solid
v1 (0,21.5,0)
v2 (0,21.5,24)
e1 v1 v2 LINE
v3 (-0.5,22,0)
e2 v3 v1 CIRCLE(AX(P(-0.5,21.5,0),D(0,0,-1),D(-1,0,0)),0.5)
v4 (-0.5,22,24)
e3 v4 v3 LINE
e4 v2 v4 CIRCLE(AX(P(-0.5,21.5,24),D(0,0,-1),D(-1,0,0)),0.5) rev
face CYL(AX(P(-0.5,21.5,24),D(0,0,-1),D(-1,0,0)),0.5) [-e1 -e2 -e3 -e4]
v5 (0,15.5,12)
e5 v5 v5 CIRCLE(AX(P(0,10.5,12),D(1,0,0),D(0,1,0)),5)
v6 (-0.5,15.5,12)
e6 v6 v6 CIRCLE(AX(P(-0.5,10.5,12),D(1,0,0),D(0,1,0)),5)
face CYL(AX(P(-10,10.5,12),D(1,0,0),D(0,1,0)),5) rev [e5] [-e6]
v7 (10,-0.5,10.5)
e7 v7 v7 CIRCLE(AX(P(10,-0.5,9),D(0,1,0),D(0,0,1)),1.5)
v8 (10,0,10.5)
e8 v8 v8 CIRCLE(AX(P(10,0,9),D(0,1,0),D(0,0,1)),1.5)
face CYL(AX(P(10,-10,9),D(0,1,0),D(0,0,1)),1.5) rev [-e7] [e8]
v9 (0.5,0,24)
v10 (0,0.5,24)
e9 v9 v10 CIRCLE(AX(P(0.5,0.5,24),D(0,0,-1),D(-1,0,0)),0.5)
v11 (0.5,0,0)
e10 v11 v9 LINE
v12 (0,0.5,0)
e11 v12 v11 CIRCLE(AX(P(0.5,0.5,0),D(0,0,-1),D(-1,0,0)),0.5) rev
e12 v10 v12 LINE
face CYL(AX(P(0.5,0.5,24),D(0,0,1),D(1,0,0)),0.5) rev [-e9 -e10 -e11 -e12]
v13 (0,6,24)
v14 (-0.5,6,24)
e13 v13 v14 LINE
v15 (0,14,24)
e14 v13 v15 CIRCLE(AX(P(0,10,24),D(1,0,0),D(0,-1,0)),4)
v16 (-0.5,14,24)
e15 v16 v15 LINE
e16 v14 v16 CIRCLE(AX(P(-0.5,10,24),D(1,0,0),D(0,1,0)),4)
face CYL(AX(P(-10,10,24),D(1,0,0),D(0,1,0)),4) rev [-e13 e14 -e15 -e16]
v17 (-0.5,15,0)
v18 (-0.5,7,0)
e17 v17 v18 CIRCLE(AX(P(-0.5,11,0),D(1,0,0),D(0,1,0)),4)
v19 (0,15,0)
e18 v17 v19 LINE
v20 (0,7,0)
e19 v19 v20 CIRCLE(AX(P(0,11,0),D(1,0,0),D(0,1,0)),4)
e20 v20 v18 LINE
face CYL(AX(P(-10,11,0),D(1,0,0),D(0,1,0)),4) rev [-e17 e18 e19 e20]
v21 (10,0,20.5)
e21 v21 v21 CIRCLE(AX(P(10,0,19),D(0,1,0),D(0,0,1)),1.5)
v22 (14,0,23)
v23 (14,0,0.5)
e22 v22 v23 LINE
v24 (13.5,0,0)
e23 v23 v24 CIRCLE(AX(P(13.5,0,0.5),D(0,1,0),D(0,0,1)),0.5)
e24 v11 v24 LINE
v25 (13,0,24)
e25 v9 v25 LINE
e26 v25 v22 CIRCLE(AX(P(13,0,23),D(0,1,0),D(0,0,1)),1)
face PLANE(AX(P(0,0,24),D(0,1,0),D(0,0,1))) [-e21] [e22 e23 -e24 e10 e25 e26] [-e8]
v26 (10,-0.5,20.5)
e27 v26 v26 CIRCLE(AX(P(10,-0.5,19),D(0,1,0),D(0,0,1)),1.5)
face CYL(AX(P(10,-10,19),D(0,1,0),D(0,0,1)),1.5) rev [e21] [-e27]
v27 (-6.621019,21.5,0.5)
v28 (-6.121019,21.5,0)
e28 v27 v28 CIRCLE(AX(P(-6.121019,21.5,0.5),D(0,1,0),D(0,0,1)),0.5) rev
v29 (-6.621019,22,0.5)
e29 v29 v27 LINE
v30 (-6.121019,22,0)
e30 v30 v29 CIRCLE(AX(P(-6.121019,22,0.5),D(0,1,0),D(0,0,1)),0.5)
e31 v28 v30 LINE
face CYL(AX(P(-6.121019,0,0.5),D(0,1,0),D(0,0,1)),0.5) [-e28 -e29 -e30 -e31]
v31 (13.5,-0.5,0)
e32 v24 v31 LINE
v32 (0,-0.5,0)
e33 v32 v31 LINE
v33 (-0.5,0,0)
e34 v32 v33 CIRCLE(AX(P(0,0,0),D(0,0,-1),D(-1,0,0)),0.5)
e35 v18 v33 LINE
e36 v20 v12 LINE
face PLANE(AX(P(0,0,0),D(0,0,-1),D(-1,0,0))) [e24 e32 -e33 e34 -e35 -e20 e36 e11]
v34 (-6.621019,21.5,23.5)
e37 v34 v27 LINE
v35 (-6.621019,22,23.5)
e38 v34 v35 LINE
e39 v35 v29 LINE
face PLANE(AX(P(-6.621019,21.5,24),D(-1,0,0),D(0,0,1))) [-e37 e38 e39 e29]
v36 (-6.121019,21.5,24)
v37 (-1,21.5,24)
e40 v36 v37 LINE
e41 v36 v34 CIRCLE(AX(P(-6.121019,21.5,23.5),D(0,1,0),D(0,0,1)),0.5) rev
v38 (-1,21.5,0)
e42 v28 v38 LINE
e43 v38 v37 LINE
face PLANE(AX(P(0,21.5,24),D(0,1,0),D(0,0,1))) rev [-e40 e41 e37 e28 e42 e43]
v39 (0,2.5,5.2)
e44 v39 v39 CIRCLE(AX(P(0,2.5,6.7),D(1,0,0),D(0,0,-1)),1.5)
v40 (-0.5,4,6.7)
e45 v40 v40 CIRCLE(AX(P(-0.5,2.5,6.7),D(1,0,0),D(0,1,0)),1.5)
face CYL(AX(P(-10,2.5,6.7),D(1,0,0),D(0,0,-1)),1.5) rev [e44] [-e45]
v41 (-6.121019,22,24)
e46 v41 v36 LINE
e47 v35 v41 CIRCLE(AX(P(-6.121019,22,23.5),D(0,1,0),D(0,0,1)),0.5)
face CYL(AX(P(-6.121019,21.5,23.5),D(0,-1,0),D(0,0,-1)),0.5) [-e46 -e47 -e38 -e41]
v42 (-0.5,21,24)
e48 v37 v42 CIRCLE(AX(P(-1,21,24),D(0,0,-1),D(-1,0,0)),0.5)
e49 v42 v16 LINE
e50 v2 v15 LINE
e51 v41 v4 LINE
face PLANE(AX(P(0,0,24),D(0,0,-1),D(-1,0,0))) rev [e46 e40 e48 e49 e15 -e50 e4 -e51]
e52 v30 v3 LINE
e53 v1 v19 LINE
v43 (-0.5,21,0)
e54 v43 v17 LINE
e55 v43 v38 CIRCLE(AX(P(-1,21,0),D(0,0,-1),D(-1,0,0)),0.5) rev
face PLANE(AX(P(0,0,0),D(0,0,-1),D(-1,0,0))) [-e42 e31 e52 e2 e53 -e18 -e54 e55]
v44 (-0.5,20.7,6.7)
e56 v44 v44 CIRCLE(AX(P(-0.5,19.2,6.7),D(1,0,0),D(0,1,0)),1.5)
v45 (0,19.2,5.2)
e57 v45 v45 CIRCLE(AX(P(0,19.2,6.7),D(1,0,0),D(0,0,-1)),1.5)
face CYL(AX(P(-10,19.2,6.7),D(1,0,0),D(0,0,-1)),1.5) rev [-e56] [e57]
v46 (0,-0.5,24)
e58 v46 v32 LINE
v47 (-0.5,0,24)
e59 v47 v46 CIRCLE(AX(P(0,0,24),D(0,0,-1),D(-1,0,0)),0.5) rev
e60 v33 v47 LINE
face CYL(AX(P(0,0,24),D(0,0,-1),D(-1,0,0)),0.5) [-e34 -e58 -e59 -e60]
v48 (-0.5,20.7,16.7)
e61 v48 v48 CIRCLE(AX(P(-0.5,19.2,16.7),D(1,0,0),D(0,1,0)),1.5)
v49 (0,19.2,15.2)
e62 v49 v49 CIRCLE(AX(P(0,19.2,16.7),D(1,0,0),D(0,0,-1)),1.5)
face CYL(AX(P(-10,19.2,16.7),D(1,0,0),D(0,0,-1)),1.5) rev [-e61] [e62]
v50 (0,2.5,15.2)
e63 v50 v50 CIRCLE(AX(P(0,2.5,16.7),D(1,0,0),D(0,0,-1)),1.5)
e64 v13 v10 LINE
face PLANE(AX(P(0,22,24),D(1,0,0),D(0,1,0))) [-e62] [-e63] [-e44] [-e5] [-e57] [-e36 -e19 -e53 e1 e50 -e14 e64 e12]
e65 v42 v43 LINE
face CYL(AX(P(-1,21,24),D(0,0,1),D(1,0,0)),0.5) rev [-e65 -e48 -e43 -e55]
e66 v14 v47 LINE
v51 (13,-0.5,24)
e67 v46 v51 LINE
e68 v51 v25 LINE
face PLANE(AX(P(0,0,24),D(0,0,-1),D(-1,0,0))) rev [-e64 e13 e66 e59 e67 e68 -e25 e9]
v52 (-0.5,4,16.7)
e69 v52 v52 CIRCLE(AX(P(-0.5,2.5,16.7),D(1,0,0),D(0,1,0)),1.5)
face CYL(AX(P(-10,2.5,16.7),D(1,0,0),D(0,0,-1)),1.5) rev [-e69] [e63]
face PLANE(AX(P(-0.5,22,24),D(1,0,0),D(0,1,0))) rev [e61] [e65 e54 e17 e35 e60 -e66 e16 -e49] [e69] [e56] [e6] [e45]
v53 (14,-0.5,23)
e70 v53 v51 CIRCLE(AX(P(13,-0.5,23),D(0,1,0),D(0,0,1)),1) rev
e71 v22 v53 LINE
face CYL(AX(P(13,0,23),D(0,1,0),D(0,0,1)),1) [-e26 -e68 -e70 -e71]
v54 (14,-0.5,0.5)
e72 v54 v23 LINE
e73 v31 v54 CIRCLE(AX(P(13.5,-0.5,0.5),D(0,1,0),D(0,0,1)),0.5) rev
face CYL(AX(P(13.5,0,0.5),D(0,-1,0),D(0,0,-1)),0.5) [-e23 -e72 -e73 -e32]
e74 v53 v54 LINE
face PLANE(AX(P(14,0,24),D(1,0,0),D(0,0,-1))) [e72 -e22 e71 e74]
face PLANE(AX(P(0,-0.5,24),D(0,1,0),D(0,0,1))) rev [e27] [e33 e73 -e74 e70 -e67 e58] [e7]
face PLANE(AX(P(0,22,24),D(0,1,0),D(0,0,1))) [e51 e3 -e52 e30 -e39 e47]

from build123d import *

# Parameters (mm, degrees)
EXTRUDE_THIN1_DEPTH = 24
SKETCH2_R           = 1.5
CUT_EXTRUDE1_DEPTH  = 10
SKETCH3_R           = 1.5
CUT_EXTRUDE2_DEPTH  = 10
FILLET1_R           = 1
FILLET2_R           = 0.5
FILLET3_R           = 0.5
SKETCH4_R           = 5
CUT_EXTRUDE3_DEPTH  = 10
CUT_EXTRUDE5_DEPTH  = 10


with BuildPart() as part:
    # Sketch1 → Extrude-Thin1 (new body)
    with BuildSketch(Plane.XY):
        Polygon((-6.621018809, 22), (0, 22), (0, 0), (14, 0), (14, -0.5), (-0.5, -0.5), (-0.5, 21.5), (-6.621018809, 21.5), align=None)
    extrude(amount=EXTRUDE_THIN1_DEPTH)

    # Sketch2 → Cut-Extrude1 (cut)
    with BuildSketch(Plane(origin=(0, 0, 0), x_dir=(1, 0, 0), z_dir=(0, 1, 0))):
        with Locations(Location((10, -19, 0), (0, 0, 270))):
            Circle(SKETCH2_R)
        with Locations(Location((10, -9, 0), (0, 0, 270))):
            Circle(SKETCH2_R)
    extrude(amount=-CUT_EXTRUDE1_DEPTH, mode=Mode.SUBTRACT)

    # Sketch3 → Cut-Extrude2 (cut)
    with BuildSketch(Plane(origin=(0, 0, 0), x_dir=(0, 0, -1), z_dir=(1, 0, 0))):
        with Locations((-16.7, 19.2)):
            Circle(SKETCH3_R)
        with Locations((-16.7, 2.5)):
            Circle(SKETCH3_R)
        with Locations((-6.7, 19.2)):
            Circle(SKETCH3_R)
        with Locations((-6.7, 2.5)):
            Circle(SKETCH3_R)
    extrude(amount=-CUT_EXTRUDE2_DEPTH, mode=Mode.SUBTRACT)

    # Fillet1
    fillet1_edges = [part.edges().sort_by_distance(p)[0] for p in [
        (14, -0.25, 24),
    ]]
    fillet(fillet1_edges, radius=FILLET1_R)

    # Fillet2
    fillet2_edges = [part.edges().sort_by_distance(p)[0] for p in [
        (-0.5, -0.5, 12),
        (-0.5, 21.5, 12),
        (0, 0, 12),
        (-6.621018809, 21.75, 24),
        (-6.621018809, 21.75, 0),
        (14, -0.25, 0),
    ]]
    fillet(fillet2_edges, radius=FILLET2_R)

    # Fillet3
    fillet3_edges = [part.edges().sort_by_distance(p)[0] for p in [
        (0, 22, 12),
    ]]
    fillet(fillet3_edges, radius=FILLET3_R)

    # Sketch4 → Cut-Extrude3 (cut)
    with BuildSketch(Plane(origin=(0, 0, 0), x_dir=(0, 0, -1), z_dir=(1, 0, 0))):
        with Locations(Location((-12, 10.5, 0), (0, 0, 90))):
            Circle(SKETCH4_R)
    extrude(amount=-CUT_EXTRUDE3_DEPTH, mode=Mode.SUBTRACT)

    # Sketch5 → Cut-Extrude5 (cut)
    with BuildSketch(Plane(origin=(0, 0, 0), x_dir=(0, 0, -1), z_dir=(1, 0, 0))):
        with BuildLine():
            Line((0, 15), (0, 7))
            ThreePointArc((0, 7), (-4, 11), (0, 15))
        make_face()
        with BuildLine():
            Line((-24, 14), (-24, 6))
            ThreePointArc((-24, 6), (-20, 10), (-24, 14))
        make_face()
    extrude(amount=-CUT_EXTRUDE5_DEPTH, mode=Mode.SUBTRACT)


solid = part.part
